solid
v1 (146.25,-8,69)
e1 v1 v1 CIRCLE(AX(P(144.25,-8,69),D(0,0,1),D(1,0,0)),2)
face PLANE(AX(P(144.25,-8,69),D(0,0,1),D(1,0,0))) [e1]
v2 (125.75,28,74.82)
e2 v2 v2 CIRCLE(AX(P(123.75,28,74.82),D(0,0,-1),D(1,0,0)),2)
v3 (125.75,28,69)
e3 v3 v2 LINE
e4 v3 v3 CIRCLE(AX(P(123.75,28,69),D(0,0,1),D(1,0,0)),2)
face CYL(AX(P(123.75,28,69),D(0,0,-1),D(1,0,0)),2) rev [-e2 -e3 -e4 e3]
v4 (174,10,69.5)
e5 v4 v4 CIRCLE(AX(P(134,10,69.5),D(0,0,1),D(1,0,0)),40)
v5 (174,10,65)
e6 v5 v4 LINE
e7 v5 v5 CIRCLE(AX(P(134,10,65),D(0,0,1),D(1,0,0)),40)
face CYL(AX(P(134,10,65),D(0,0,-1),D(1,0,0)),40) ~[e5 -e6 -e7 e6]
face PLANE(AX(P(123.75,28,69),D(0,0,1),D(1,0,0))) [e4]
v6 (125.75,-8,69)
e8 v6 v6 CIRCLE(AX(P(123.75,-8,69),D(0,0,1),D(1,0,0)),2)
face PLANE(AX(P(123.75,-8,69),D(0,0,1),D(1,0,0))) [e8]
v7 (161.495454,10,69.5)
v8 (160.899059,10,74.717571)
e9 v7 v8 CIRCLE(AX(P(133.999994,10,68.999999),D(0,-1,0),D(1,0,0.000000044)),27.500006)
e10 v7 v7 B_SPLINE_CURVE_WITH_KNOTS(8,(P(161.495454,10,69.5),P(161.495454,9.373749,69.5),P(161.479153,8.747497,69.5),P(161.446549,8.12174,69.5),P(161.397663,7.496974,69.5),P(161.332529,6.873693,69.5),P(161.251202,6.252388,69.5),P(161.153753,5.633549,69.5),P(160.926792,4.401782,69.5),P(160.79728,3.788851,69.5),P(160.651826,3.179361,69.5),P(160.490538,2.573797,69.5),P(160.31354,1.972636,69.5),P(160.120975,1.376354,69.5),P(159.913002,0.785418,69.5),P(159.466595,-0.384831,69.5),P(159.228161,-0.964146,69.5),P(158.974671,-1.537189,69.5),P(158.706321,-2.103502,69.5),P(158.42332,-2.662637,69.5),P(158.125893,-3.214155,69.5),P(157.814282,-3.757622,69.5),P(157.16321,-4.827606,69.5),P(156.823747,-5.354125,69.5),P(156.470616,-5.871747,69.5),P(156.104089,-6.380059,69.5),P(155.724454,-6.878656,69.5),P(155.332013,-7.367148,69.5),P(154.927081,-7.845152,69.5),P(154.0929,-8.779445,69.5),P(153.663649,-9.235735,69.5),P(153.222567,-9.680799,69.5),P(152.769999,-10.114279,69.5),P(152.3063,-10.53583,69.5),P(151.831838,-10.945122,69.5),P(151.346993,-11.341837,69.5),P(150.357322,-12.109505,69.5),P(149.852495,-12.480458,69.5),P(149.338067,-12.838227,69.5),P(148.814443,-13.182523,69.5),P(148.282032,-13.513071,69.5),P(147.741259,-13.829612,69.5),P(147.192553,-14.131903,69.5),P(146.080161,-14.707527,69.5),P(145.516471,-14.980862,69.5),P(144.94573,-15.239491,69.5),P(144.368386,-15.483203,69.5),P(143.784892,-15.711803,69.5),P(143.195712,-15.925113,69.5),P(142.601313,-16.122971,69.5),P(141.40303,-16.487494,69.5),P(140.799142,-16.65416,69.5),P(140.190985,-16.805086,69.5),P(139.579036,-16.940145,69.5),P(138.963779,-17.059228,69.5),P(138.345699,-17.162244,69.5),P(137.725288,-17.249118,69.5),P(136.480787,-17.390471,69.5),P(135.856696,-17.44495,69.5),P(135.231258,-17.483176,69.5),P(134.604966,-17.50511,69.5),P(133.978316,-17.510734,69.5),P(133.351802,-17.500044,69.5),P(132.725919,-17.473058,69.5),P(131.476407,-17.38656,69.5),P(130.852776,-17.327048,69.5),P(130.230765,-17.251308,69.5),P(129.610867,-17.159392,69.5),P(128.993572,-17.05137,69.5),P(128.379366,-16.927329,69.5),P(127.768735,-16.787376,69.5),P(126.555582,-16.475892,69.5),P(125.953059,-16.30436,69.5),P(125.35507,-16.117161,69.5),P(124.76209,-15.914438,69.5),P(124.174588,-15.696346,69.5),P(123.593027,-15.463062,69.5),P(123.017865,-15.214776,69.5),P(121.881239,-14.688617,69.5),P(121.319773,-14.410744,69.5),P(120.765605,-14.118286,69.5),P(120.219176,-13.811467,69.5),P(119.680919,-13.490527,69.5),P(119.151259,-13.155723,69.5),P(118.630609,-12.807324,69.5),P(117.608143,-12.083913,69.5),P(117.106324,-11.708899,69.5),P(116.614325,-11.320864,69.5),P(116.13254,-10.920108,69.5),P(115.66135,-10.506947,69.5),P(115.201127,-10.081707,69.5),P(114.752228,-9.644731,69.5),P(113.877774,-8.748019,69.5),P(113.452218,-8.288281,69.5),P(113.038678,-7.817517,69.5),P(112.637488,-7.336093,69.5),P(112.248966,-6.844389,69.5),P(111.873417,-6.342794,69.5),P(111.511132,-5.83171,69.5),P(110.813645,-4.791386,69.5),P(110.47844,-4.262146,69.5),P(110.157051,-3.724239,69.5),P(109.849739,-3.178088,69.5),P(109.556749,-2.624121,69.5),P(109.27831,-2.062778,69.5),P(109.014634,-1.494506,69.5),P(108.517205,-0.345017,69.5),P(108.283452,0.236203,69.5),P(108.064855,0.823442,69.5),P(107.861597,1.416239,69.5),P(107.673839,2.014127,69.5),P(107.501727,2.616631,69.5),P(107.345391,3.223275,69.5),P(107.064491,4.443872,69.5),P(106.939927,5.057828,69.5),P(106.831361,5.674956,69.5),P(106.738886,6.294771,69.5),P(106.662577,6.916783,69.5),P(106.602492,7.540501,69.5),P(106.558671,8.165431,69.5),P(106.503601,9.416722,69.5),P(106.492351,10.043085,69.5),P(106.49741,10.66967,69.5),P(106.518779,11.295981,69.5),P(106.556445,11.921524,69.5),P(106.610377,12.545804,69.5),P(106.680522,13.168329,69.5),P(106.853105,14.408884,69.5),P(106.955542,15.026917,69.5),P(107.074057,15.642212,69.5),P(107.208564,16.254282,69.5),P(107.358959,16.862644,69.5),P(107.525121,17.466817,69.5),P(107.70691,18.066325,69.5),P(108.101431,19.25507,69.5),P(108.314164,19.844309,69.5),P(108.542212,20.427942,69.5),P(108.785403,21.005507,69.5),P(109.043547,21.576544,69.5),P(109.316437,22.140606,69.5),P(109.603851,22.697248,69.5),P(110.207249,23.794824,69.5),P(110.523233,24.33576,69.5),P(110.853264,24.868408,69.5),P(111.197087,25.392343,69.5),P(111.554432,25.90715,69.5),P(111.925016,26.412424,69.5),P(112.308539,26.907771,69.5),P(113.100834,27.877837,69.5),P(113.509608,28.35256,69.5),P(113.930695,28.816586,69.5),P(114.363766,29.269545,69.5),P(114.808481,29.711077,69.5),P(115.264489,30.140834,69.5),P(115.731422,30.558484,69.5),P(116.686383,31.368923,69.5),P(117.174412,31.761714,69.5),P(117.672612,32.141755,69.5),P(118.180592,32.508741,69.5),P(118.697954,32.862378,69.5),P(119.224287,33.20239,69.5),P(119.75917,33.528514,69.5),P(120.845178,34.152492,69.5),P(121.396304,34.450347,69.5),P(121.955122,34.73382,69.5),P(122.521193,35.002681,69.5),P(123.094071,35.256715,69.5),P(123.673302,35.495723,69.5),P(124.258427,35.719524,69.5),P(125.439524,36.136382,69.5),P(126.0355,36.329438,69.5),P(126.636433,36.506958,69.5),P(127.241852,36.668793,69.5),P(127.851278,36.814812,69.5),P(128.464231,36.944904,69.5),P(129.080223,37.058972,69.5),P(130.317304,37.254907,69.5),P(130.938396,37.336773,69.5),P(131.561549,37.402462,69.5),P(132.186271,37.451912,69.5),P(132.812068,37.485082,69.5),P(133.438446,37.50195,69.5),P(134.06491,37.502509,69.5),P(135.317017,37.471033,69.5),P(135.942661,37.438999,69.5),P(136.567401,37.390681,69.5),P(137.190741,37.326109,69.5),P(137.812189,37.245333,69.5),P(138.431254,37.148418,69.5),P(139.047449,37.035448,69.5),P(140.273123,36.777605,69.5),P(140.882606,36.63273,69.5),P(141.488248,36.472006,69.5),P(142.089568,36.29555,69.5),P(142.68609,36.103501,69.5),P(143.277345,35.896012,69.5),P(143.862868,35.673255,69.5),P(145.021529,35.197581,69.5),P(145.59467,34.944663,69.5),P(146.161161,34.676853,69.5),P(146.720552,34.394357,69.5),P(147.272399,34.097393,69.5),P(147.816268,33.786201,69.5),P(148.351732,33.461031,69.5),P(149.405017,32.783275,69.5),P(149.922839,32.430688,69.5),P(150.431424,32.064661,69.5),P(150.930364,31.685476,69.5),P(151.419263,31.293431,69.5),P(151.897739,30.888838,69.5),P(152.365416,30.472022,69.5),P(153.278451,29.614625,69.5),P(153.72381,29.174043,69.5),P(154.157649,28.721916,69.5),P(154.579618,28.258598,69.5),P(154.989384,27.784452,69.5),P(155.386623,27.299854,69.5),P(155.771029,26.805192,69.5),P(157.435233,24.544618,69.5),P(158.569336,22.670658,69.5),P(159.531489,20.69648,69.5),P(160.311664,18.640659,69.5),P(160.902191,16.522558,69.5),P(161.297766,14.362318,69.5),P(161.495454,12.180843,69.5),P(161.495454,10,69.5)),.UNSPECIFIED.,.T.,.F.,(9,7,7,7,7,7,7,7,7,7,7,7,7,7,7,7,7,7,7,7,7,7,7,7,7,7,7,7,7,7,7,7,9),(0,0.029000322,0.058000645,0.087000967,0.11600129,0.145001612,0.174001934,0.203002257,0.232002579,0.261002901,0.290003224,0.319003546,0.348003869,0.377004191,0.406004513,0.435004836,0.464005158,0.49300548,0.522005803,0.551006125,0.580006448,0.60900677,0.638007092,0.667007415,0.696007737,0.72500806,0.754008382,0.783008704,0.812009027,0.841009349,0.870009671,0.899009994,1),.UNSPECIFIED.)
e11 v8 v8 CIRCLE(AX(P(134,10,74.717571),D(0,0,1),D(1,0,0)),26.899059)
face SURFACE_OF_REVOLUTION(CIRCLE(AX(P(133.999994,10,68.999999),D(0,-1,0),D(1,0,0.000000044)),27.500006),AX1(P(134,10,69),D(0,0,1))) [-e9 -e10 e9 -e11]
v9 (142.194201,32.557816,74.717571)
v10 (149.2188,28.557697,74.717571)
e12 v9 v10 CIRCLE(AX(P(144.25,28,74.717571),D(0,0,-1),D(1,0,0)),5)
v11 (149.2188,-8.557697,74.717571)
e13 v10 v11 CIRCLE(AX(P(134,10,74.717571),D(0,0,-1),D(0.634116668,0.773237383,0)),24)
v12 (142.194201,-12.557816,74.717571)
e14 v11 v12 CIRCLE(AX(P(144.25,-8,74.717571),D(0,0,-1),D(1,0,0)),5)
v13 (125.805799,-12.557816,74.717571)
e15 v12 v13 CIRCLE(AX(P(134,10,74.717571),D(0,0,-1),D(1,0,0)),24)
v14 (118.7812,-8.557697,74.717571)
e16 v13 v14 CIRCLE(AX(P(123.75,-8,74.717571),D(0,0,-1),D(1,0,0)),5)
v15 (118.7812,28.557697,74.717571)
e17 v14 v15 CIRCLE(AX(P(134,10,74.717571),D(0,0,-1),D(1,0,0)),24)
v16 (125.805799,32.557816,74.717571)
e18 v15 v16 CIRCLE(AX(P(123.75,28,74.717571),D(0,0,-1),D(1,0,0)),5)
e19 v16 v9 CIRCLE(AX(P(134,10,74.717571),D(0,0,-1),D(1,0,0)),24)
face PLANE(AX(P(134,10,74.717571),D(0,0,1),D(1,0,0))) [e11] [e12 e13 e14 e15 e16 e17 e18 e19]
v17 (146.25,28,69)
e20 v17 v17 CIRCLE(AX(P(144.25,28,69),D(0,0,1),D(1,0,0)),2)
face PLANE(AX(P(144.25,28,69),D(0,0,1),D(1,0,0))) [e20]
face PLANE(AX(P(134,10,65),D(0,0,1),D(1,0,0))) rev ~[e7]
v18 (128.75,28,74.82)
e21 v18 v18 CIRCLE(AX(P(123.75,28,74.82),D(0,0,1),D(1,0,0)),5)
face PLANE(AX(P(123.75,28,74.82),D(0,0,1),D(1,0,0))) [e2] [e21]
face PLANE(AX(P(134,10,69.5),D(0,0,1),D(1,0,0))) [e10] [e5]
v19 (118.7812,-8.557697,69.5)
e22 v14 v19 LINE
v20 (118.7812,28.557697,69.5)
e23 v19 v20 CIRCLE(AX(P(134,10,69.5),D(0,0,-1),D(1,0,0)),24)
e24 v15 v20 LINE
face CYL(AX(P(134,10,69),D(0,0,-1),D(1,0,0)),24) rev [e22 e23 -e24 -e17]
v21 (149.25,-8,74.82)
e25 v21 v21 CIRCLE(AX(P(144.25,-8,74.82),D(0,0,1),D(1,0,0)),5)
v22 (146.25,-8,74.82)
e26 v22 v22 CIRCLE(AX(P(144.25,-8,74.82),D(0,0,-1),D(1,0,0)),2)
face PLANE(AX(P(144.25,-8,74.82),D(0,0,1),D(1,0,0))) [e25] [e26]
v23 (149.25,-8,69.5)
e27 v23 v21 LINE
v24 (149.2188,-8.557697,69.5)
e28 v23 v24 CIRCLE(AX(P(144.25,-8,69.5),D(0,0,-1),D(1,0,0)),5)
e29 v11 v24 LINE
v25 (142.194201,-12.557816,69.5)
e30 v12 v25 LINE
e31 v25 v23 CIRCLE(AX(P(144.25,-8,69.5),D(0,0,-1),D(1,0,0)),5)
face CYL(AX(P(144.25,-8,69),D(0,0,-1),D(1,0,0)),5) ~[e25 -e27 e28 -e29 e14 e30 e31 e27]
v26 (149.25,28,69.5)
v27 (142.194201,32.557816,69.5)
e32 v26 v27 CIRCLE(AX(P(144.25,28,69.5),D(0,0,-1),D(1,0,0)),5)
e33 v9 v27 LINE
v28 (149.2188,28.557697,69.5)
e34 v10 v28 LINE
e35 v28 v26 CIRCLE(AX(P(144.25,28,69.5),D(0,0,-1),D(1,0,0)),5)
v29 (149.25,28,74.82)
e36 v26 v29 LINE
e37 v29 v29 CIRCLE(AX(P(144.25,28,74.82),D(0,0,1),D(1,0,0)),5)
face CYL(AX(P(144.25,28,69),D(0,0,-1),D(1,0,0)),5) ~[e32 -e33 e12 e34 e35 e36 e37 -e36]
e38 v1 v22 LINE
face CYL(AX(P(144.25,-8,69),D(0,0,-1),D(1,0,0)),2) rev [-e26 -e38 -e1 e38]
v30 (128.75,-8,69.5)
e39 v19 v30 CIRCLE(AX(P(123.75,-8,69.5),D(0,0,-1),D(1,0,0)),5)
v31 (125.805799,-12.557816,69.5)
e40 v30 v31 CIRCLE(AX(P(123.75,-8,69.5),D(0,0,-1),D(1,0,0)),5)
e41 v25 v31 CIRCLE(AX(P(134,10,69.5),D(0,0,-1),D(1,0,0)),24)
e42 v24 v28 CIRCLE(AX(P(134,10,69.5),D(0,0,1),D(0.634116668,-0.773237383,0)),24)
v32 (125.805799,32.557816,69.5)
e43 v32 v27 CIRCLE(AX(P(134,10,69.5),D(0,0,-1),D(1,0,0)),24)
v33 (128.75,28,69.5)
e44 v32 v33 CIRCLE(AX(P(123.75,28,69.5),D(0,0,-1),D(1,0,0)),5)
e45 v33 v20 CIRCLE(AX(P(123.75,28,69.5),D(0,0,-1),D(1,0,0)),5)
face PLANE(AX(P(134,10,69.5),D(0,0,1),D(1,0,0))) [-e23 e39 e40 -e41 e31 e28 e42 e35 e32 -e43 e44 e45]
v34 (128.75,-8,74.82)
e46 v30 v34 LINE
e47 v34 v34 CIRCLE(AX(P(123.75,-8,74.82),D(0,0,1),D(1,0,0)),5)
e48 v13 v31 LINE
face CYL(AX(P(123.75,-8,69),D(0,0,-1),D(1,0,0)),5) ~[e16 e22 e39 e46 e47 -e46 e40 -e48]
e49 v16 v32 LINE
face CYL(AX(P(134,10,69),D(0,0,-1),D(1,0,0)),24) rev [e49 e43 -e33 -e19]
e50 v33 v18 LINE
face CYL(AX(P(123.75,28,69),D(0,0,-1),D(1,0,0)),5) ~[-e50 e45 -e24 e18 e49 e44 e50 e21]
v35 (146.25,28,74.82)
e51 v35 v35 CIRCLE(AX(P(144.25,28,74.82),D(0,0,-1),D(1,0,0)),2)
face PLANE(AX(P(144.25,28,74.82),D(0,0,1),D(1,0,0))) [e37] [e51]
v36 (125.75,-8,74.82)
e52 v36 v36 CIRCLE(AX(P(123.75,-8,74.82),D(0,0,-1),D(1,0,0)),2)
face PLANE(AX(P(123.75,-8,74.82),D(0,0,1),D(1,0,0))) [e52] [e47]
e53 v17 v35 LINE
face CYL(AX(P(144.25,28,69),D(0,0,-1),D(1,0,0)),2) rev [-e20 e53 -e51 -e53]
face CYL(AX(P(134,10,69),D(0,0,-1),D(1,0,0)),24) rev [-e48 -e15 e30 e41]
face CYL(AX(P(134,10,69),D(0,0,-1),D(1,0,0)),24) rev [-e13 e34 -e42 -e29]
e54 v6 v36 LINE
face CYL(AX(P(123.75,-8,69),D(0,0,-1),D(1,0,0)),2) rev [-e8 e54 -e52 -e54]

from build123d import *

# Parameters (mm, degrees)
CYLINDER180_R             = 2
CYLINDER180_DEPTH         = 10
CYLINDER181_R             = 2
CYLINDER181_DEPTH         = 10
CYLINDER182_R             = 2
CYLINDER182_DEPTH         = 10
CYLINDER183_R             = 2
CYLINDER183_DEPTH         = 10
CYLINDER170_R             = 2
CYLINDER170_DEPTH         = 10
CYLINDER171_R             = 2
CYLINDER171_DEPTH         = 10
CYLINDER172_R             = 2
CYLINDER172_DEPTH         = 10
CYLINDER169_R             = 2
CYLINDER169_DEPTH         = 10
FUSION111_PLACEMENT_ANGLE = 45
CYLINDER175_R             = 5.5
CYLINDER175_DEPTH         = 1
CYLINDER176_R             = 5
CYLINDER176_DEPTH         = 5.82
CYLINDER177_R             = 5
CYLINDER177_DEPTH         = 5.82
CYLINDER178_R             = 5
CYLINDER178_DEPTH         = 5.82
CYLINDER179_R             = 5
CYLINDER179_DEPTH         = 5.82
CYLINDER173_R             = 40
CYLINDER173_DEPTH         = 4.5
CYLINDER174_R             = 24
CYLINDER174_DEPTH         = 7


with BuildPart() as cylinder180:
    # Cylinder180 → Cylinder180 (new body)
    with BuildSketch(Plane(origin=(0, -21, 0), x_dir=(1, 0, 0), z_dir=(0, 0, 1))):
        Circle(CYLINDER180_R)
    extrude(amount=CYLINDER180_DEPTH)


with BuildPart() as m3heatsetcuts031:
    # Cylinder181 → Cylinder181 (new body)
    with BuildSketch(Plane(origin=(20.5, -21, 0), x_dir=(1, 0, 0), z_dir=(0, 0, 1))):
        Circle(CYLINDER181_R)
    extrude(amount=CYLINDER181_DEPTH)

    # Fusion118: union Cylinder180
    add(cylinder180.part)


with BuildPart() as m3heatsetcuts031_1:
    # Fusion118 placement: moved
    add(m3heatsetcuts031.part.moved(Location((-5, 39, 70))))


with BuildPart() as cylinder182:
    # Cylinder182 → Cylinder182 (new body)
    with BuildSketch(Plane(origin=(0, -21, 0), x_dir=(1, 0, 0), z_dir=(0, 0, 1))):
        Circle(CYLINDER182_R)
    extrude(amount=CYLINDER182_DEPTH)


with BuildPart() as m3heatsetcuts030:
    # Cylinder183 → Cylinder183 (new body)
    with BuildSketch(Plane(origin=(20.5, -21, 0), x_dir=(1, 0, 0), z_dir=(0, 0, 1))):
        Circle(CYLINDER183_R)
    extrude(amount=CYLINDER183_DEPTH)

    # Fusion119: union Cylinder182
    add(cylinder182.part)


with BuildPart() as m3heatsetcuts030_1:
    # Fusion119 placement: moved
    add(m3heatsetcuts030.part.moved(Location((-5, 3, 70))))

    # Fusion117: union m3HeatSetCuts031
    add(m3heatsetcuts031_1.part)


with BuildPart() as m3heatsetcuts030_2:
    # Fusion117 placement: moved
    add(m3heatsetcuts030_1.part.moved(Location((128.75, 10, -1))))


with BuildPart() as m2heatsetinsets021:
    # Cylinder170 → Cylinder170 (new body)
    with BuildSketch(Plane(origin=(35, 0, 65), x_dir=(1, 0, 0), z_dir=(0, 0, 1))):
        Circle(CYLINDER170_R)
    extrude(amount=CYLINDER170_DEPTH)


with BuildPart() as m2heatsetinsets022:
    # Cylinder171 → Cylinder171 (new body)
    with BuildSketch(Plane(origin=(0, 35, 65), x_dir=(1, 0, 0), z_dir=(0, 0, 1))):
        Circle(CYLINDER171_R)
    extrude(amount=CYLINDER171_DEPTH)


with BuildPart() as m2heatsetinsets023:
    # Cylinder172 → Cylinder172 (new body)
    with BuildSketch(Plane(origin=(0, -35, 65), x_dir=(1, 0, 0), z_dir=(0, 0, 1))):
        Circle(CYLINDER172_R)
    extrude(amount=CYLINDER172_DEPTH)


with BuildPart() as fusion120:
    # Cylinder169 → Cylinder169 (new body)
    with BuildSketch(Plane(origin=(-35, 0, 65), x_dir=(1, 0, 0), z_dir=(0, 0, 1))):
        Circle(CYLINDER169_R)
    extrude(amount=CYLINDER169_DEPTH)

    # Fusion111: union m2HeatSetInsets021, m2HeatSetInsets022, m2HeatSetInsets023
    add(m2heatsetinsets021.part)
    add(m2heatsetinsets022.part)
    add(m2heatsetinsets023.part)


with BuildPart() as fusion120_1:
    # Fusion111 placement: moved
    add(fusion120.part.moved(Location((0, -374, -75))).rotate(Axis((0, -374, -75), (0, 0, -1)), FUSION111_PLACEMENT_ANGLE))

    # Fusion120: union m3HeatSetCuts030
    add(m3heatsetcuts030_2.part)


with BuildPart() as cylinder175:
    # Cylinder175 → Cylinder175 (new body)
    with BuildSketch(Plane(origin=(134, 32.6, 65), x_dir=(1, 0, 0), z_dir=(0, 0, 1))):
        Circle(CYLINDER175_R)
    extrude(amount=CYLINDER175_DEPTH)


with BuildPart() as cylinder176:
    # Cylinder176 → Cylinder176 (new body)
    with BuildSketch(Plane(origin=(0, -21, 0), x_dir=(1, 0, 0), z_dir=(0, 0, 1))):
        Circle(CYLINDER176_R)
    extrude(amount=CYLINDER176_DEPTH)


with BuildPart() as m3heatsetcuts027:
    # Cylinder177 → Cylinder177 (new body)
    with BuildSketch(Plane(origin=(20.5, -21, 0), x_dir=(1, 0, 0), z_dir=(0, 0, 1))):
        Circle(CYLINDER177_R)
    extrude(amount=CYLINDER177_DEPTH)

    # Fusion112: union Cylinder176
    add(cylinder176.part)


with BuildPart() as m3heatsetcuts027_1:
    # Fusion112 placement: moved
    add(m3heatsetcuts027.part.moved(Location((-5, 39, 70))))


with BuildPart() as cylinder178:
    # Cylinder178 → Cylinder178 (new body)
    with BuildSketch(Plane(origin=(0, -21, 0), x_dir=(1, 0, 0), z_dir=(0, 0, 1))):
        Circle(CYLINDER178_R)
    extrude(amount=CYLINDER178_DEPTH)


with BuildPart() as m3heatsetcuts029:
    # Cylinder179 → Cylinder179 (new body)
    with BuildSketch(Plane(origin=(20.5, -21, 0), x_dir=(1, 0, 0), z_dir=(0, 0, 1))):
        Circle(CYLINDER179_R)
    extrude(amount=CYLINDER179_DEPTH)

    # Fusion113: union Cylinder178
    add(cylinder178.part)


with BuildPart() as m3heatsetcuts029_1:
    # Fusion113 placement: moved
    add(m3heatsetcuts029.part.moved(Location((-5, 3, 70))))

    # Fusion114: union m3HeatSetCuts027
    add(m3heatsetcuts027_1.part)


with BuildPart() as m3heatsetcuts029_2:
    # Fusion114 placement: moved
    add(m3heatsetcuts029_1.part.moved(Location((128.75, 10, -1))))


with BuildPart() as base015:
    # Cylinder173 → Cylinder173 (new body)
    with BuildSketch(Plane(origin=(136, 0, 65), x_dir=(1, 0, 0), z_dir=(0, 0, 1))):
        Circle(CYLINDER173_R)
    extrude(amount=CYLINDER173_DEPTH)


with BuildPart() as basecut004:
    # Cylinder174 → Cylinder174 (new body)
    with BuildSketch(Plane(origin=(5, 0, 74), x_dir=(1, 0, 0), z_dir=(0, 0, 1))):
        Circle(CYLINDER174_R)
    extrude(amount=CYLINDER174_DEPTH)


with BuildPart() as cut059:
    # Sphere006 → Sphere006 (revolve)
    with BuildSketch(Plane(origin=(5, 0, 74), x_dir=(1, 0, 0), z_dir=(0, -1, 0))):
        with BuildLine():
            ThreePointArc((27.5, 0), (27.349352, 2.874533), (26.899059, 5.717571))
            Line((26.899059, 5.717571), (0, 5.717571))
            Line((0, 5.717571), (0, 0))
            Line((0, 0), (27.5, 0))
        make_face()
    revolve(axis=Axis((5, 0, 74), (0, 0, 1)))

    # Cut058: cut baseCut004
    add(basecut004.part, mode=Mode.SUBTRACT)


with BuildPart() as cut059_1:
    # Cut058 placement: moved
    add(cut059.part.moved(Location((131, 0, -5))))

    # Fusion115: union base015
    add(base015.part)


with BuildPart() as cut059_2:
    # Fusion115 placement: moved
    add(cut059_1.part.moved(Location((-2, 10, 0))))

    # Fusion116: union Cylinder175, m3HeatSetCuts029
    add(cylinder175.part)
    add(m3heatsetcuts029_2.part)

    # Cut059: cut Fusion120
    add(fusion120_1.part, mode=Mode.SUBTRACT)


solid = cut059_2.part
